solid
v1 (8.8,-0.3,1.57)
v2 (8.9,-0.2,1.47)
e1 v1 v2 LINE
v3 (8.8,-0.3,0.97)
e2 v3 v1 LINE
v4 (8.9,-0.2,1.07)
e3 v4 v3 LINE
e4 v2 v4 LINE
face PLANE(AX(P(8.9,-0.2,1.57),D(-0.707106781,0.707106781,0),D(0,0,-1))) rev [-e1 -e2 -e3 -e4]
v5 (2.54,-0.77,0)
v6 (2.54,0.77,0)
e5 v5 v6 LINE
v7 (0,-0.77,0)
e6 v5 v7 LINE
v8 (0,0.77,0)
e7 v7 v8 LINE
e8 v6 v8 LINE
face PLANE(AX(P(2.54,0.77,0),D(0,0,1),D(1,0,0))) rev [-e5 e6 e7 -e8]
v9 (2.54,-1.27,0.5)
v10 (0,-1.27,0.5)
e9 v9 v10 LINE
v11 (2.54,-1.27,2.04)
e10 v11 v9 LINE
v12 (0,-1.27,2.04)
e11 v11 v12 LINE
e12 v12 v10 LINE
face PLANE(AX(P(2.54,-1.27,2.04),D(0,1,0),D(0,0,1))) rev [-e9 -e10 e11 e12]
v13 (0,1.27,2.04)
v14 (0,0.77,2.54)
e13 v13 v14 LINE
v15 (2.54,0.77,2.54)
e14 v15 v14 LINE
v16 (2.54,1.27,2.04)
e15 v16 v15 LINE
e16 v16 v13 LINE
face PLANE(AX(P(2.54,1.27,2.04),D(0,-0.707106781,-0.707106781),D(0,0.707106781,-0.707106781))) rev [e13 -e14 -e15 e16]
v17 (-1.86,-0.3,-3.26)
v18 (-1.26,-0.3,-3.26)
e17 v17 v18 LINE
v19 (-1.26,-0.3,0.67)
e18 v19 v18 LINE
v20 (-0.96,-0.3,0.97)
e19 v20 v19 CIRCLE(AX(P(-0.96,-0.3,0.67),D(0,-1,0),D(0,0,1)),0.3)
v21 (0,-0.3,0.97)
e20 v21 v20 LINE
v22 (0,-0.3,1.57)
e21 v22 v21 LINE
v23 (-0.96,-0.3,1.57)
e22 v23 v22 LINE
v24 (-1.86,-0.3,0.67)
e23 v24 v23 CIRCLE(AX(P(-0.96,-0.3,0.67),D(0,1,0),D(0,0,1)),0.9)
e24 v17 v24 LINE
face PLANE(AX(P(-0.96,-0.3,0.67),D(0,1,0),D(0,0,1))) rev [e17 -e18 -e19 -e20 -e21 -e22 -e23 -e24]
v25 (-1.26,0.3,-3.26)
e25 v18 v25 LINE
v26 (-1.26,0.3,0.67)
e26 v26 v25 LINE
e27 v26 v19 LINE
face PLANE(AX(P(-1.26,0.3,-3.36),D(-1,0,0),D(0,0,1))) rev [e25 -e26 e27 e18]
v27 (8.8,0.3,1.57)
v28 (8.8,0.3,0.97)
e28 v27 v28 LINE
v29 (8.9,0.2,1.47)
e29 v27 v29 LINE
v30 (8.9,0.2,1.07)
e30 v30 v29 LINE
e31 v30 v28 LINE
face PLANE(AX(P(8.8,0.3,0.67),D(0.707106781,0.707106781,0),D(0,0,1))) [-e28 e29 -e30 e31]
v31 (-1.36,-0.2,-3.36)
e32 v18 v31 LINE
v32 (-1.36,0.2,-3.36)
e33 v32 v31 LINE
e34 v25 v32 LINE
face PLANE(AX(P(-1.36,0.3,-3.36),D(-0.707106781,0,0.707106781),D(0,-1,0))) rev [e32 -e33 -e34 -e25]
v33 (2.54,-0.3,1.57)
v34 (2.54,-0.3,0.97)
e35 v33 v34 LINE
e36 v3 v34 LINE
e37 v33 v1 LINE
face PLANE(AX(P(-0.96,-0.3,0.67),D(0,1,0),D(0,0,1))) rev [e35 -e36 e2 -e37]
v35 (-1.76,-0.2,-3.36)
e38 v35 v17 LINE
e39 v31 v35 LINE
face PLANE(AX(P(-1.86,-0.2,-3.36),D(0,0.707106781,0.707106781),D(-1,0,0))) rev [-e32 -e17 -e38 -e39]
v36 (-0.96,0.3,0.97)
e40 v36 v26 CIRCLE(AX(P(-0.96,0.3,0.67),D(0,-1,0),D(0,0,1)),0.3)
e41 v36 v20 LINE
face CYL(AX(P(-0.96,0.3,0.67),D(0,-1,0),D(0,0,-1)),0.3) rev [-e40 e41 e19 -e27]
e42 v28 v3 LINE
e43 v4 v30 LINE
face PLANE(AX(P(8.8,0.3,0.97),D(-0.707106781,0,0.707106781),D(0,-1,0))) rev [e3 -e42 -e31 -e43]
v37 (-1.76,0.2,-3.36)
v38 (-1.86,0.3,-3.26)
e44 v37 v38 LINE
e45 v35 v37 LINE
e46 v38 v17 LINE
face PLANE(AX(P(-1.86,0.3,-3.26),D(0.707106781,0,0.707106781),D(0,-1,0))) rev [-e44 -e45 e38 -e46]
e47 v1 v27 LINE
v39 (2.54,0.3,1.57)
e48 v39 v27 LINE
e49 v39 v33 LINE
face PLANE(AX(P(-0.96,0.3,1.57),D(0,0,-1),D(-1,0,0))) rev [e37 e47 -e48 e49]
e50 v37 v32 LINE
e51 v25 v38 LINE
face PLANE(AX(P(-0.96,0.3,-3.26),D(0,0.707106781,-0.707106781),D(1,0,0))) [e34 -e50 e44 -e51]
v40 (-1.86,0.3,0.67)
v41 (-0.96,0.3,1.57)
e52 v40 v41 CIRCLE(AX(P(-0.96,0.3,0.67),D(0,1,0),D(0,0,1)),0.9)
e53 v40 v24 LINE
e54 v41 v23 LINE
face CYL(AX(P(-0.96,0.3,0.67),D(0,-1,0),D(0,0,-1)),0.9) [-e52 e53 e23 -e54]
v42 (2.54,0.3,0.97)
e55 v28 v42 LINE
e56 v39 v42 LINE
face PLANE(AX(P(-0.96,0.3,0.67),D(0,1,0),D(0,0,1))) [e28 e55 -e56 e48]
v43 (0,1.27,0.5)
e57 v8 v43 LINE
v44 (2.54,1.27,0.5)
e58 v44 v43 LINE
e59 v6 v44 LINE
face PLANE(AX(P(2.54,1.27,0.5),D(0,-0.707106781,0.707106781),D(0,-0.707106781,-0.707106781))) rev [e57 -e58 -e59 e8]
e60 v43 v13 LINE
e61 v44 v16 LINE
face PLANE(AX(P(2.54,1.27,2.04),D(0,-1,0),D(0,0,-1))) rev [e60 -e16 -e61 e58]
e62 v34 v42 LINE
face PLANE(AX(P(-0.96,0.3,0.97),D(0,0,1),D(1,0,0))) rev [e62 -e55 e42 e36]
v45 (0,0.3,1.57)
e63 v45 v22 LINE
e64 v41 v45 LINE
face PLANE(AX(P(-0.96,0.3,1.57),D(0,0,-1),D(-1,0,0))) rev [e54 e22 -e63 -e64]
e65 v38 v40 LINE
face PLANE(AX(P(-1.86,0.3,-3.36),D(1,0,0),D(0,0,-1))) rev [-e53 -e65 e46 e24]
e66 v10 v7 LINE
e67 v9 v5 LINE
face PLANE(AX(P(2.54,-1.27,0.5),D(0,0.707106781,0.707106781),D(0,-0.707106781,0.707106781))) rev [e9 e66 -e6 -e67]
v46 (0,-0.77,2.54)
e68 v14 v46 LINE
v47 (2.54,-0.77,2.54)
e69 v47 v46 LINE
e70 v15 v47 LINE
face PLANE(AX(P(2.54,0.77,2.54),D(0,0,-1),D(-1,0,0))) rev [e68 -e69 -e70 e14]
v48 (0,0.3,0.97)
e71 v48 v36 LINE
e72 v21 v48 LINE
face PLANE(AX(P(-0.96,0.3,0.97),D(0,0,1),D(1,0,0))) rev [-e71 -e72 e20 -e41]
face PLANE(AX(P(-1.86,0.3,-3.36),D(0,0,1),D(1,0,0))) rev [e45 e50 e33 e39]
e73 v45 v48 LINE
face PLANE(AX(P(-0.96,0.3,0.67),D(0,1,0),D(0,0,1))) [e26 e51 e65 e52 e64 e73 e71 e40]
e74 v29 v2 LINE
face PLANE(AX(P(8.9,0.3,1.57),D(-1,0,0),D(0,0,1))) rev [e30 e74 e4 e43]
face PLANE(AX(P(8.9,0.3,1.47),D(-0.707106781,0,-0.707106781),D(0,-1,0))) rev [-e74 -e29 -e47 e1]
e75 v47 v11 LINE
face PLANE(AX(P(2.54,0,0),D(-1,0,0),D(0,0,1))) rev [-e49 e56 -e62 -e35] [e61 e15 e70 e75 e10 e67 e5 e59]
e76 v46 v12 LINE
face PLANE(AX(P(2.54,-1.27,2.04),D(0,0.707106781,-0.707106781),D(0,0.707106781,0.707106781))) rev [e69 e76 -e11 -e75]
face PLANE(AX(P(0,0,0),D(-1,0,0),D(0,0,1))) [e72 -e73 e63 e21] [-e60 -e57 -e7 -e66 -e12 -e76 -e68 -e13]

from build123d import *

# Parameters (mm, degrees)
PLASTIC_DEPTH = 2.54
CONTACT_DEPTH = 0.3
CHAMFER1_SIZE = 0.1


with BuildPart() as part:
    # Sketch1 → Plastic (new body)
    with BuildSketch(Plane(origin=(0, 0, 0), x_dir=(0, 0, -1), z_dir=(1, 0, 0))):
        Polygon((-2.04, 1.27), (-0.5, 1.27), (0, 0.77), (0, -0.77), (-0.5, -1.27), (-2.04, -1.27), (-2.54, -0.77), (-2.54, 0.77), align=None)
    extrude(amount=PLASTIC_DEPTH)

    # Sketch2 → Contact (add, symmetric)
    with BuildSketch(Plane(origin=(0, 0, 0), x_dir=(1, 0, 0), z_dir=(0, 1, 0))):
        with BuildLine():
            Line((-1.86, 3.36), (-1.86, -0.67))
            ThreePointArc((-1.86, -0.67), (-1.596396103, -1.306396103), (-0.96, -1.57))
            Line((-0.96, -1.57), (8.9, -1.57))
            Line((8.9, -1.57), (8.9, -0.97))
            Line((8.9, -0.97), (-0.96, -0.97))
            ThreePointArc((-0.96, -0.97), (-1.172132034, -0.882132034), (-1.26, -0.67))
            Line((-1.26, -0.67), (-1.26, 3.36))
            Line((-1.26, 3.36), (-1.86, 3.36))
        make_face()
    extrude(amount=CONTACT_DEPTH, both=True)

    # Chamfer1
    chamfer1_edges = [part.edges().sort_by_distance(p)[0] for p in [
        (8.9, 0, 0.97),
        (8.9, 0.3, 1.27),
        (-1.56, -0.3, -3.36),
        (-1.26, 0, -3.36),
        (-1.86, 0, -3.36),
        (8.9, -0.3, 1.27),
        (8.9, 0, 1.57),
        (-1.56, 0.3, -3.36),
    ]]
    chamfer(chamfer1_edges, length=CHAMFER1_SIZE)


solid = part.part
